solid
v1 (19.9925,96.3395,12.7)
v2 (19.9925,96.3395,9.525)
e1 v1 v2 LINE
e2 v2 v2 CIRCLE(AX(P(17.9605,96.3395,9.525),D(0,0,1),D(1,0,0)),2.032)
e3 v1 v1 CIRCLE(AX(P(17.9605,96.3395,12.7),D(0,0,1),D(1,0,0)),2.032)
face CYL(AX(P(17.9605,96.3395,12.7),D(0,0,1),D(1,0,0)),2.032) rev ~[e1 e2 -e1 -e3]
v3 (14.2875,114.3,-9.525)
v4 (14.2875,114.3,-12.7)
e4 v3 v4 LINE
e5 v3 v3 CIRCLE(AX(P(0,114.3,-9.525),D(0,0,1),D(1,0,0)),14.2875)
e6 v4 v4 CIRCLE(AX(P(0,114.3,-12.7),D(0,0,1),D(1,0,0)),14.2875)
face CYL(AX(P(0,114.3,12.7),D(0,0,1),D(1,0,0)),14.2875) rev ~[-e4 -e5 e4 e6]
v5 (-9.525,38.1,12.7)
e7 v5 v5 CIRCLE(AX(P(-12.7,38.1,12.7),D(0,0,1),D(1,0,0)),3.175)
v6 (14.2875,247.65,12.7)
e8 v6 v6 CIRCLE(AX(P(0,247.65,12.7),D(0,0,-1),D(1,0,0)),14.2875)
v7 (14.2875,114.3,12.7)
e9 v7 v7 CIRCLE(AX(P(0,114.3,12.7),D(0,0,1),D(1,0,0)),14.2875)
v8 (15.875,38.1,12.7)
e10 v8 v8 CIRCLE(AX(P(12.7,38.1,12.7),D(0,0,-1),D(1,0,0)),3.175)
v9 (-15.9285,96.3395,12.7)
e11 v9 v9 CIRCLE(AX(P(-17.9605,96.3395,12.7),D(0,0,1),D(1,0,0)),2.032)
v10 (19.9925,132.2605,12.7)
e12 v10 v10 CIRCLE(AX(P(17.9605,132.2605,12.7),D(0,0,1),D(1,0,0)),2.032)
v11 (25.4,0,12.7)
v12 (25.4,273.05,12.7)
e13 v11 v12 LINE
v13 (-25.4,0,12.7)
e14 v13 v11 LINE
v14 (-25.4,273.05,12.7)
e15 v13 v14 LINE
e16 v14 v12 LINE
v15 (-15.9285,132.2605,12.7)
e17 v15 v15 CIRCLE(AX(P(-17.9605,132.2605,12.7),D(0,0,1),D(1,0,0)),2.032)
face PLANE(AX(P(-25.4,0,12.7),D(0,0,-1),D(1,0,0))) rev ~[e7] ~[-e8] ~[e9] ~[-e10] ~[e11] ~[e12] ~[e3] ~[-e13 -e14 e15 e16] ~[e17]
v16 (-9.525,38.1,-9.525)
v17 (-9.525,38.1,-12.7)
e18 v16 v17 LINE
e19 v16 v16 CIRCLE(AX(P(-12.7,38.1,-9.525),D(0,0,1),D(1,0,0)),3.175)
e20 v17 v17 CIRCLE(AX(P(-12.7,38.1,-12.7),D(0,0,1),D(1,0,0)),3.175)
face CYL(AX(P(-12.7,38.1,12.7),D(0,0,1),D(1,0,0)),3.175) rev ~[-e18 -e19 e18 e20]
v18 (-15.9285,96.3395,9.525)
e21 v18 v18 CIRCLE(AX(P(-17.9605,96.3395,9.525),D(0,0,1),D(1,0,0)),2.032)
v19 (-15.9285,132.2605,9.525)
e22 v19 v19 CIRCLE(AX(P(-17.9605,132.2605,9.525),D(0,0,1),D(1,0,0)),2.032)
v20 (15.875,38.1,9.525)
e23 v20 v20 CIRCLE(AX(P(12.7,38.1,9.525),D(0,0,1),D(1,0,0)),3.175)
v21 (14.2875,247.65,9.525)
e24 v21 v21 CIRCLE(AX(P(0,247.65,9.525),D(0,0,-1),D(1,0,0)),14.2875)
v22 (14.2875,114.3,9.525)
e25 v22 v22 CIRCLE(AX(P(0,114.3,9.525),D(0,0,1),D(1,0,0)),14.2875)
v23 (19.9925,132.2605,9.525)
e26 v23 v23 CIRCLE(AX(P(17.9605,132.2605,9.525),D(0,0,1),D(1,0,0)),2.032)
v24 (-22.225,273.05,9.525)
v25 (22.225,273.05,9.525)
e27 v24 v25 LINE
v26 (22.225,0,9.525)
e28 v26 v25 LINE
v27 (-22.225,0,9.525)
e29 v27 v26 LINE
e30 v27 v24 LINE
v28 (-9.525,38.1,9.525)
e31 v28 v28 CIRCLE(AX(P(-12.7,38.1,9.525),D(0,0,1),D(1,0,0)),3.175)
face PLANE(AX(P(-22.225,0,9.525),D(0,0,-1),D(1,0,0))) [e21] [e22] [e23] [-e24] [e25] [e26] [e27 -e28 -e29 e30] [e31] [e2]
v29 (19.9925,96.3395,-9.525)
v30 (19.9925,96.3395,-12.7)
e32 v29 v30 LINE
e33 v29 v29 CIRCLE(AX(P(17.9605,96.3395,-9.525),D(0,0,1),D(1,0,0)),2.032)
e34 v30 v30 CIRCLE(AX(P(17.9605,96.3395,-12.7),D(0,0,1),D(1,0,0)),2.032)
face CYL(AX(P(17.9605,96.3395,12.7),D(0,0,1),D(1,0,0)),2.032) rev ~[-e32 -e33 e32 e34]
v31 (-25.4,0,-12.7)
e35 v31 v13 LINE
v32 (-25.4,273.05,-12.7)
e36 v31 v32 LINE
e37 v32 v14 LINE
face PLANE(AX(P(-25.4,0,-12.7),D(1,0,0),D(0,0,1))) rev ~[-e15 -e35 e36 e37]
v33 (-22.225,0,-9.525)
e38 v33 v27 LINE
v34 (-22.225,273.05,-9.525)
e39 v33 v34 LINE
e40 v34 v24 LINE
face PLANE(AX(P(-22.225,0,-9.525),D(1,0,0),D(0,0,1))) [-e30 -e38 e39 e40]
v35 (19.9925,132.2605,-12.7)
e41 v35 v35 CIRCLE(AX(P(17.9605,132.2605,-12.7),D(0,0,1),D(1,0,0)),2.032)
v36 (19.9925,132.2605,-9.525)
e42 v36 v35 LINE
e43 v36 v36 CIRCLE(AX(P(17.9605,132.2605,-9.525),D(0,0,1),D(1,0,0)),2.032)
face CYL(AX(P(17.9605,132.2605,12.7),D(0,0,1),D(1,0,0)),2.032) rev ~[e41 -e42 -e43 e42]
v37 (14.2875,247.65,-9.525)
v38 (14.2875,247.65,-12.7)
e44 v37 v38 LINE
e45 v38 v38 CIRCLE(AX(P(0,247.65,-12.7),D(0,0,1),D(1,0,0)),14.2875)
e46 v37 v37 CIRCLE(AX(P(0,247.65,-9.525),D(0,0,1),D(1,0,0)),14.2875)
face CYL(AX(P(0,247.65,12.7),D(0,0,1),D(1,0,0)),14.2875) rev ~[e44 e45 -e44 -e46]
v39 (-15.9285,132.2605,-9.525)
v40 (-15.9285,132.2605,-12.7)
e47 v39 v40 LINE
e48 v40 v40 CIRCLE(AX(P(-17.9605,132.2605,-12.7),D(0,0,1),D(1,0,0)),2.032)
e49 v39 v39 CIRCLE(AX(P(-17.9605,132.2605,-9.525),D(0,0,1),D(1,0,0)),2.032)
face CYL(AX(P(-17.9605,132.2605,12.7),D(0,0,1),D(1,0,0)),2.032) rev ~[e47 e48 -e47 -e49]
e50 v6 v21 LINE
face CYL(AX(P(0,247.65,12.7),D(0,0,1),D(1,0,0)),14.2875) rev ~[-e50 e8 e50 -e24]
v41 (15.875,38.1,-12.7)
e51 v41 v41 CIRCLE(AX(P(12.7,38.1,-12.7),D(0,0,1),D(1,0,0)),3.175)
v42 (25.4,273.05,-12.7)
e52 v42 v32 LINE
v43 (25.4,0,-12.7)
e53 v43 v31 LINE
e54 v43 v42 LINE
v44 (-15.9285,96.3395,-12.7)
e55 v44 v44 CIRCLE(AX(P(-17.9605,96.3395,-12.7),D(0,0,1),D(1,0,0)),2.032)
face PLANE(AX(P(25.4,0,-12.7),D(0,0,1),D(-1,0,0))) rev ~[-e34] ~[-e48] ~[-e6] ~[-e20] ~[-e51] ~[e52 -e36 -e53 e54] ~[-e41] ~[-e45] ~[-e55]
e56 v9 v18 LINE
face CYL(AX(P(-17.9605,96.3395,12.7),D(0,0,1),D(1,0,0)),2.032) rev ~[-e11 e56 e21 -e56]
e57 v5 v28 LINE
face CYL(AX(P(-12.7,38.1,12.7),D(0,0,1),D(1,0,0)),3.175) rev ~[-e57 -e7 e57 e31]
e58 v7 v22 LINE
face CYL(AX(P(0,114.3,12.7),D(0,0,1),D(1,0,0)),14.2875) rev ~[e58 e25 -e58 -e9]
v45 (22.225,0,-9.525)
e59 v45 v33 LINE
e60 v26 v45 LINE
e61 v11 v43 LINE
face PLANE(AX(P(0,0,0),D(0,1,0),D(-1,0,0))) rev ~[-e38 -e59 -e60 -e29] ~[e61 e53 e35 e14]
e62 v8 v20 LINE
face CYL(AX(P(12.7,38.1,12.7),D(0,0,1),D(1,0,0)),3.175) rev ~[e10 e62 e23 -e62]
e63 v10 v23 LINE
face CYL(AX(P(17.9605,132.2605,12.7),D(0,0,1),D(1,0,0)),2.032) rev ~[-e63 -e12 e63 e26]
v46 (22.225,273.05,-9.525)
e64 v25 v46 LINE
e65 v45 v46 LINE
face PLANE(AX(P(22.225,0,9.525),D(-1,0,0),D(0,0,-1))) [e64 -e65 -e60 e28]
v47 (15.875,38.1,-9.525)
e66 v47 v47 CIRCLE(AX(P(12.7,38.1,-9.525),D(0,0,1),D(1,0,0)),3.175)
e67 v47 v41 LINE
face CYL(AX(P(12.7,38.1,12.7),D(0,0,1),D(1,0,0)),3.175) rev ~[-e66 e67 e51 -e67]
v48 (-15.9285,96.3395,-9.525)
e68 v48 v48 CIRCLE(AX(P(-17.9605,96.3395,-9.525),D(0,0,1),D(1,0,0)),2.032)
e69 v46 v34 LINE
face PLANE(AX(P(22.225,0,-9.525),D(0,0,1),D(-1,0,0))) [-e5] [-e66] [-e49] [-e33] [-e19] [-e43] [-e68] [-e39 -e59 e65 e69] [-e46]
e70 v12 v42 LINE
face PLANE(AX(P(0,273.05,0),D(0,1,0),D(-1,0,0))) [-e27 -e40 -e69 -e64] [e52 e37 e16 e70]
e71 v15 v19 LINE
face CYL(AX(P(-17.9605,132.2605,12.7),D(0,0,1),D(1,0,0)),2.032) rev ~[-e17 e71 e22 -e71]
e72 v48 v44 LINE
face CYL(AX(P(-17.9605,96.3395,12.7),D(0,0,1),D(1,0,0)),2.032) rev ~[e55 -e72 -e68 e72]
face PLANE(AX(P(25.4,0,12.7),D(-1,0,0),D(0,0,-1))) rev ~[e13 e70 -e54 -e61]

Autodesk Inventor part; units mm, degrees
ref_plane "YZ Plane" through (0, 0, 0) normal (1, 0, 0) x (0, 1, 0)
ref_plane "XZ Plane" through (0, 0, 0) normal (0, 1, 0) x (-1, 0, 0)
ref_plane "XY Plane" through (0, 0, 0) normal (0, 0, 1) x (1, 0, 0)
sketch "Sketch1" plane through (0, 0, 0) normal (0, 1, 0) x (-1, 0, 0)
  line L0 (25.4, 12.7) -> (-25.4, 12.7)
  line L1 (-25.4, 12.7) -> (-25.4, -12.7)
  line L2 (-25.4, -12.7) -> (25.4, -12.7)
  line L3 (25.4, -12.7) -> (25.4, 12.7)
  line L4 (25.4, 12.7) -> (-25.4, -12.7) construction
  line L5 (-25.4, 12.7) -> (25.4, -12.7) construction
  line L6 (22.225, 9.525) -> (-22.225, 9.525)
  line L7 (-22.225, 9.525) -> (-22.225, -9.525)
  line L8 (-22.225, -9.525) -> (22.225, -9.525)
  line L9 (22.225, -9.525) -> (22.225, 9.525)
  line L10 (22.225, 9.525) -> (-22.225, -9.525) construction
  line L11 (-22.225, 9.525) -> (22.225, -9.525) construction
  point P0 (0, 0)
  dimension "d0" = 50.8
  dimension "d1" = 25.4
  dimension "d2" = 44.45
  dimension "d3" = 19.05
extrude "Extrusion1" add sketch "Sketch1" along normal blind 273.05
sketch "Sketch2" plane through (-25.4, 0, 12.7) normal (0, 0, 1) x (1, 0, 0)
  line L0 (0, 0) -> (0, 273.05) projected
  line L1 (25.4, 0) -> (25.4, 38.1)
  line L2 (25.4, 0) -> (63.5, 0) construction
  line L3 (25.4, 38.1) -> (38.1, 38.1)
  line L4 (38.1, 38.1) -> (12.7, 38.1)
  circle A0 centre (12.7, 38.1) radius 3.175
  circle A1 centre (38.1, 38.1) radius 3.175
  dimension "d6" = 38.1
  dimension "d7" = 90
  dimension "d8" = 12.7
  dimension "d9" = 90
  dimension "d10" = 25.4
  dimension "d11" = 0
  dimension "d12" = 6.35
  dimension "d13" = 6.35
extrude "Extrusion2" cut sketch "Sketch2" against normal blind 203.2
sketch "Sketch3" plane through (-25.4, 0, 12.7) normal (0, 0, 1) x (1, 0, 0)
  line L0 (0, 273.05) -> (50.8, 273.05) projected
  line L1 (0, 0) -> (0, 273.05) projected
  line L2 (25.4, 273.05) -> (25.4, 247.65)
  line L3 (25.4, 273.05) -> (50.8, 273.05) construction
  circle A0 centre (25.4, 247.65) radius 14.2875
  point P0 (25.4, 0)
  dimension "d16" = 25.4
  dimension "d17" = 90
  dimension "d18" = 28.575
extrude "Extrusion3" cut sketch "Sketch3" against normal blind 25.4
sketch "Sketch4" plane through (-25.4, 0, 12.7) normal (0, 0, 1) x (1, 0, 0)
  line L0 (0, 0) -> (50.8, 0)
  line L1 (50.8, 0) -> (50.8, 76.2)
  line L2 (0, 76.2) -> (0, 0)
  line L3 (50.8, 76.2) -> (0, 76.2)
  line L4 (0, 76.2) -> (0, 127)
  line L5 (50.8, 127) -> (50.8, 76.2)
  circle A0 centre (25.4, 114.3) radius 14.2875
  line L6 (25.4, 114.3) -> (50.8, 114.3) construction
  circle A1 centre (7.4395, 132.2605) radius 2.032
  circle A2 centre (7.4395, 96.3395) radius 2.032
  circle A3 centre (43.3605, 96.3395) radius 2.032
  circle A4 centre (43.3605, 132.2605) radius 2.032
  point P0 (25.4, 0)
  dimension "d21" = 50.8
  dimension "d22" = 76.2
  dimension "d23" = 50.8
  dimension "d24" = 50.8
  dimension "d25" = 28.575
  dimension "d29" = 4.064
  dimension "d30" = 4.064
  dimension "d31" = 4.064
  dimension "d32" = 4.064
  dimension "d35" = 38.1
  dimension "d36" = 56.0605
  dimension "d37" = 56.0605
  dimension "d38" = 20.1395
  dimension "d39" = 20.1395
extrude "Extrusion4" cut sketch "Sketch4" against normal blind 25.4 contours A0 | A1 | A2 | A3 | A4
properties part number "ArmSupport"
